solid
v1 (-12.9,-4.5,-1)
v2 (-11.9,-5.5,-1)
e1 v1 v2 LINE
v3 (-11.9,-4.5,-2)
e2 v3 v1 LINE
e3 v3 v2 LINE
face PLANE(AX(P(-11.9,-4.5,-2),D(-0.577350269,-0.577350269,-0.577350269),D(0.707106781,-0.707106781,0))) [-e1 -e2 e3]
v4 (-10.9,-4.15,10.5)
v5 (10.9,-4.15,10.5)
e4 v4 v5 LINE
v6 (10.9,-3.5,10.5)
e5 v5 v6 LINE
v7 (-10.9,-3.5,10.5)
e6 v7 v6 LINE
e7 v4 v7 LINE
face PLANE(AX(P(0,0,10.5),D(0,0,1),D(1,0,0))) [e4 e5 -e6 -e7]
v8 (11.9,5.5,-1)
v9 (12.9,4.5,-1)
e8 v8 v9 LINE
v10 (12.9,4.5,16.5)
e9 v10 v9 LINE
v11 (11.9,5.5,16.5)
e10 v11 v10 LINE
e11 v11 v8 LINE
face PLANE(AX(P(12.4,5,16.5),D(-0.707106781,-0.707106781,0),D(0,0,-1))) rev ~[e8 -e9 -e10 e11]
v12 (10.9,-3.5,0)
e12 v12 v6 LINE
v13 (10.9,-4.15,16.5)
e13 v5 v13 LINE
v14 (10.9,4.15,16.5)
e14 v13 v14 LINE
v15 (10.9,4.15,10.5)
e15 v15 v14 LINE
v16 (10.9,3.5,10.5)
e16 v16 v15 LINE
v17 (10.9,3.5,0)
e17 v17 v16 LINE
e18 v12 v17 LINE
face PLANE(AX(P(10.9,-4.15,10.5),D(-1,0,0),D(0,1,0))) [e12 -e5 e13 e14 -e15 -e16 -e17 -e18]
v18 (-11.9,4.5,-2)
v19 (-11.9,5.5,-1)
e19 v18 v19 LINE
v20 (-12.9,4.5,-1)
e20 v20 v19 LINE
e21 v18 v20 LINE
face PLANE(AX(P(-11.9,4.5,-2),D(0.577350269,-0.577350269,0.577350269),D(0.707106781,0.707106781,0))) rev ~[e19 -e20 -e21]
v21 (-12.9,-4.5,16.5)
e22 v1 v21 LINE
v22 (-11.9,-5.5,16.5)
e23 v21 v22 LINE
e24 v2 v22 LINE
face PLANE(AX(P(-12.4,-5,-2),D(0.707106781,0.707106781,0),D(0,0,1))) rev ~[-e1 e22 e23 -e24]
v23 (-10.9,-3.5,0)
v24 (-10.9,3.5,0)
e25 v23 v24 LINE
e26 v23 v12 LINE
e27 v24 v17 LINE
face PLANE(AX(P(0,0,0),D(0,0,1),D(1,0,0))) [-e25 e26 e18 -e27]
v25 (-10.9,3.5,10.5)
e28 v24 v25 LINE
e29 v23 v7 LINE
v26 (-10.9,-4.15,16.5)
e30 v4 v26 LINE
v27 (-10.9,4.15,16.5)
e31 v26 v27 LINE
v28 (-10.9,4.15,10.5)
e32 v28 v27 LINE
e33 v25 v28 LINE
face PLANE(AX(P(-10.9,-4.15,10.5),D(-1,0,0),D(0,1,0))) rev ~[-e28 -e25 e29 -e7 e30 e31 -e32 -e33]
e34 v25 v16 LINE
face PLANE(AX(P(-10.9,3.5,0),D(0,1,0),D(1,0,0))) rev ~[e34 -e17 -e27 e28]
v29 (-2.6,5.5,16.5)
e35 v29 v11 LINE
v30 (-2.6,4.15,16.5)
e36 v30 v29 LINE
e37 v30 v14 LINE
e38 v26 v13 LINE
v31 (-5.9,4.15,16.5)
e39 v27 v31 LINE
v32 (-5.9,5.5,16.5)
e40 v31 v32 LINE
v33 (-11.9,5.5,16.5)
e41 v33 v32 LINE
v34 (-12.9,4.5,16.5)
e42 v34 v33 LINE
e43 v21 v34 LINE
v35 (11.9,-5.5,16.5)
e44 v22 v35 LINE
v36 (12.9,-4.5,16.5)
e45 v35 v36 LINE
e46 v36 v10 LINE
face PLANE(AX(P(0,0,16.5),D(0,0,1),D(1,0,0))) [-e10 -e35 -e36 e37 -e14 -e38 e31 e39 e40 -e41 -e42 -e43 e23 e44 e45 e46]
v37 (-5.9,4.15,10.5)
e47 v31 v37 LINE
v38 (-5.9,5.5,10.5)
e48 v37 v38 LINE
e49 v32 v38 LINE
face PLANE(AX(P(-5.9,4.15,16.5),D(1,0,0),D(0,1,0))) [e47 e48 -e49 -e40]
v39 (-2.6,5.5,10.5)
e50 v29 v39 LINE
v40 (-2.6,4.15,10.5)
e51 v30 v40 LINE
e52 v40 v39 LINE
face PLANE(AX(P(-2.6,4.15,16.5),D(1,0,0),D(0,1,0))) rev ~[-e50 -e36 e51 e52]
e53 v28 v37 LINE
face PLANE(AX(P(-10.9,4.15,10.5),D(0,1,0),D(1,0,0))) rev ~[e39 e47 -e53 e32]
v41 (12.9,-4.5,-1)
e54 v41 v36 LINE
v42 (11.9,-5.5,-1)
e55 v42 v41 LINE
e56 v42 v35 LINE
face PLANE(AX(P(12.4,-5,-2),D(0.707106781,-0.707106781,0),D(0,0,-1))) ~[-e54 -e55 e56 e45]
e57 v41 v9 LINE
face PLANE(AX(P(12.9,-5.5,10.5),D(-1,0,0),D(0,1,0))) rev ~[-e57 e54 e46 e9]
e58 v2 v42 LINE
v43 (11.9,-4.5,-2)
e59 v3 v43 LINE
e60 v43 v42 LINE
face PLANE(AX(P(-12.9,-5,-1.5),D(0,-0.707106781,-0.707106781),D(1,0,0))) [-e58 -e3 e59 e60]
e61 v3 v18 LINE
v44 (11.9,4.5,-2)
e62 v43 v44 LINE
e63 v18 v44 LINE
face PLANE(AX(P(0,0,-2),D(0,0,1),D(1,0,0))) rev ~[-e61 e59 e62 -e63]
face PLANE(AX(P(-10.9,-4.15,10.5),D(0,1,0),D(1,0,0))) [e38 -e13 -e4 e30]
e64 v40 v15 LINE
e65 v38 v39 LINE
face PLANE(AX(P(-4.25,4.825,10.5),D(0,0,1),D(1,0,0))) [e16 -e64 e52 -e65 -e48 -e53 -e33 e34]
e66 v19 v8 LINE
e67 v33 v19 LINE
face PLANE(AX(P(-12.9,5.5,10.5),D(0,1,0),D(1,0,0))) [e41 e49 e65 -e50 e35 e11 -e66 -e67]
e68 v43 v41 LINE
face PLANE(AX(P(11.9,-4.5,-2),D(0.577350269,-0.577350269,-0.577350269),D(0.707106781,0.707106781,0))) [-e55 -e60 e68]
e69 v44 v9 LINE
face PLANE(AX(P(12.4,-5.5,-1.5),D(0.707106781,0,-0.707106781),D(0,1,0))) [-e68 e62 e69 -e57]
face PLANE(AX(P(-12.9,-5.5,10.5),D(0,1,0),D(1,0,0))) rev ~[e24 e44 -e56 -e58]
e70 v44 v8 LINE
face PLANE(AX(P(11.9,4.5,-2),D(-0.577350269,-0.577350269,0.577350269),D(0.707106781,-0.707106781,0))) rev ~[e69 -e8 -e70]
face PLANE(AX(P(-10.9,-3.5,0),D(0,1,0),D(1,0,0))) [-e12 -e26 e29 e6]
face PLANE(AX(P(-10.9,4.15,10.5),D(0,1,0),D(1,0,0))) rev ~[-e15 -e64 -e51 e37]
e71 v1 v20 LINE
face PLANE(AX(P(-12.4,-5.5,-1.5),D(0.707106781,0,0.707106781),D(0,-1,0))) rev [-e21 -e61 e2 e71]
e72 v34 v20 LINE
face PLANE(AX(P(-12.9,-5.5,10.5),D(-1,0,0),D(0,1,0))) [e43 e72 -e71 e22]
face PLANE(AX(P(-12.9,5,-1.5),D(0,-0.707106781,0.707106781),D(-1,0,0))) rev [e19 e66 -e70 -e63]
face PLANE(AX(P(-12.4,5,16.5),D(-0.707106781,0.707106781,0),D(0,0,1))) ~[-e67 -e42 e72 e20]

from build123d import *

# Parameters (mm, degrees)
SKETCH_W      = 21.8
SKETCH_H      = 7
PAD_DEPTH     = 10.5
THICKNESS_T   = 2
SKETCH001_W   = 25.8
SKETCH001_H   = 11
SKETCH001_W_2 = 21.8
SKETCH001_H_2 = 8.3
PAD001_DEPTH  = 6
SKETCH002_W   = 3.3
SKETCH002_H   = 1.35
POCKET_DEPTH  = 6
CHAMFER_SIZE  = 1


with BuildPart() as part:
    # Sketch → Pad (new body)
    with BuildSketch(Plane.XY):
        Rectangle(SKETCH_W, SKETCH_H)
    extrude(amount=PAD_DEPTH)

    # Thickness
    thickness_openings = [part.faces().sort_by_distance(p)[0] for p in [
        (0, 0, 10.5),
    ]]
    offset(amount=THICKNESS_T, openings=thickness_openings, kind=Kind.INTERSECTION)

    # Sketch001 (on Face6 of Thickness) → Pad001 (join)
    with BuildSketch(Plane.XY.offset(10.5)):
        Rectangle(SKETCH001_W, SKETCH001_H)
        Rectangle(SKETCH001_W_2, SKETCH001_H_2, mode=Mode.SUBTRACT)
    extrude(amount=PAD001_DEPTH)

    # Sketch002 (on Face8 of Pad001) → Pocket (cut)
    with BuildSketch(Plane.XY.offset(16.5)):
        with Locations((-4.25, 4.825)):
            Rectangle(SKETCH002_W, SKETCH002_H)
    extrude(amount=-POCKET_DEPTH, mode=Mode.SUBTRACT)

    # Chamfer
    chamfer_edges = [part.edges().sort_by_distance(p)[0] for p in [
        (-12.9, -5.5, 7.25),
        (12.9, -5.5, 7.25),
        (-12.9, 5.5, 7.25),
        (12.9, 5.5, 7.25),
        (-12.9, 0, -2),
        (0, -5.5, -2),
        (0, 5.5, -2),
        (12.9, 0, -2),
    ]]
    chamfer(chamfer_edges, length=CHAMFER_SIZE)


solid = part.part
